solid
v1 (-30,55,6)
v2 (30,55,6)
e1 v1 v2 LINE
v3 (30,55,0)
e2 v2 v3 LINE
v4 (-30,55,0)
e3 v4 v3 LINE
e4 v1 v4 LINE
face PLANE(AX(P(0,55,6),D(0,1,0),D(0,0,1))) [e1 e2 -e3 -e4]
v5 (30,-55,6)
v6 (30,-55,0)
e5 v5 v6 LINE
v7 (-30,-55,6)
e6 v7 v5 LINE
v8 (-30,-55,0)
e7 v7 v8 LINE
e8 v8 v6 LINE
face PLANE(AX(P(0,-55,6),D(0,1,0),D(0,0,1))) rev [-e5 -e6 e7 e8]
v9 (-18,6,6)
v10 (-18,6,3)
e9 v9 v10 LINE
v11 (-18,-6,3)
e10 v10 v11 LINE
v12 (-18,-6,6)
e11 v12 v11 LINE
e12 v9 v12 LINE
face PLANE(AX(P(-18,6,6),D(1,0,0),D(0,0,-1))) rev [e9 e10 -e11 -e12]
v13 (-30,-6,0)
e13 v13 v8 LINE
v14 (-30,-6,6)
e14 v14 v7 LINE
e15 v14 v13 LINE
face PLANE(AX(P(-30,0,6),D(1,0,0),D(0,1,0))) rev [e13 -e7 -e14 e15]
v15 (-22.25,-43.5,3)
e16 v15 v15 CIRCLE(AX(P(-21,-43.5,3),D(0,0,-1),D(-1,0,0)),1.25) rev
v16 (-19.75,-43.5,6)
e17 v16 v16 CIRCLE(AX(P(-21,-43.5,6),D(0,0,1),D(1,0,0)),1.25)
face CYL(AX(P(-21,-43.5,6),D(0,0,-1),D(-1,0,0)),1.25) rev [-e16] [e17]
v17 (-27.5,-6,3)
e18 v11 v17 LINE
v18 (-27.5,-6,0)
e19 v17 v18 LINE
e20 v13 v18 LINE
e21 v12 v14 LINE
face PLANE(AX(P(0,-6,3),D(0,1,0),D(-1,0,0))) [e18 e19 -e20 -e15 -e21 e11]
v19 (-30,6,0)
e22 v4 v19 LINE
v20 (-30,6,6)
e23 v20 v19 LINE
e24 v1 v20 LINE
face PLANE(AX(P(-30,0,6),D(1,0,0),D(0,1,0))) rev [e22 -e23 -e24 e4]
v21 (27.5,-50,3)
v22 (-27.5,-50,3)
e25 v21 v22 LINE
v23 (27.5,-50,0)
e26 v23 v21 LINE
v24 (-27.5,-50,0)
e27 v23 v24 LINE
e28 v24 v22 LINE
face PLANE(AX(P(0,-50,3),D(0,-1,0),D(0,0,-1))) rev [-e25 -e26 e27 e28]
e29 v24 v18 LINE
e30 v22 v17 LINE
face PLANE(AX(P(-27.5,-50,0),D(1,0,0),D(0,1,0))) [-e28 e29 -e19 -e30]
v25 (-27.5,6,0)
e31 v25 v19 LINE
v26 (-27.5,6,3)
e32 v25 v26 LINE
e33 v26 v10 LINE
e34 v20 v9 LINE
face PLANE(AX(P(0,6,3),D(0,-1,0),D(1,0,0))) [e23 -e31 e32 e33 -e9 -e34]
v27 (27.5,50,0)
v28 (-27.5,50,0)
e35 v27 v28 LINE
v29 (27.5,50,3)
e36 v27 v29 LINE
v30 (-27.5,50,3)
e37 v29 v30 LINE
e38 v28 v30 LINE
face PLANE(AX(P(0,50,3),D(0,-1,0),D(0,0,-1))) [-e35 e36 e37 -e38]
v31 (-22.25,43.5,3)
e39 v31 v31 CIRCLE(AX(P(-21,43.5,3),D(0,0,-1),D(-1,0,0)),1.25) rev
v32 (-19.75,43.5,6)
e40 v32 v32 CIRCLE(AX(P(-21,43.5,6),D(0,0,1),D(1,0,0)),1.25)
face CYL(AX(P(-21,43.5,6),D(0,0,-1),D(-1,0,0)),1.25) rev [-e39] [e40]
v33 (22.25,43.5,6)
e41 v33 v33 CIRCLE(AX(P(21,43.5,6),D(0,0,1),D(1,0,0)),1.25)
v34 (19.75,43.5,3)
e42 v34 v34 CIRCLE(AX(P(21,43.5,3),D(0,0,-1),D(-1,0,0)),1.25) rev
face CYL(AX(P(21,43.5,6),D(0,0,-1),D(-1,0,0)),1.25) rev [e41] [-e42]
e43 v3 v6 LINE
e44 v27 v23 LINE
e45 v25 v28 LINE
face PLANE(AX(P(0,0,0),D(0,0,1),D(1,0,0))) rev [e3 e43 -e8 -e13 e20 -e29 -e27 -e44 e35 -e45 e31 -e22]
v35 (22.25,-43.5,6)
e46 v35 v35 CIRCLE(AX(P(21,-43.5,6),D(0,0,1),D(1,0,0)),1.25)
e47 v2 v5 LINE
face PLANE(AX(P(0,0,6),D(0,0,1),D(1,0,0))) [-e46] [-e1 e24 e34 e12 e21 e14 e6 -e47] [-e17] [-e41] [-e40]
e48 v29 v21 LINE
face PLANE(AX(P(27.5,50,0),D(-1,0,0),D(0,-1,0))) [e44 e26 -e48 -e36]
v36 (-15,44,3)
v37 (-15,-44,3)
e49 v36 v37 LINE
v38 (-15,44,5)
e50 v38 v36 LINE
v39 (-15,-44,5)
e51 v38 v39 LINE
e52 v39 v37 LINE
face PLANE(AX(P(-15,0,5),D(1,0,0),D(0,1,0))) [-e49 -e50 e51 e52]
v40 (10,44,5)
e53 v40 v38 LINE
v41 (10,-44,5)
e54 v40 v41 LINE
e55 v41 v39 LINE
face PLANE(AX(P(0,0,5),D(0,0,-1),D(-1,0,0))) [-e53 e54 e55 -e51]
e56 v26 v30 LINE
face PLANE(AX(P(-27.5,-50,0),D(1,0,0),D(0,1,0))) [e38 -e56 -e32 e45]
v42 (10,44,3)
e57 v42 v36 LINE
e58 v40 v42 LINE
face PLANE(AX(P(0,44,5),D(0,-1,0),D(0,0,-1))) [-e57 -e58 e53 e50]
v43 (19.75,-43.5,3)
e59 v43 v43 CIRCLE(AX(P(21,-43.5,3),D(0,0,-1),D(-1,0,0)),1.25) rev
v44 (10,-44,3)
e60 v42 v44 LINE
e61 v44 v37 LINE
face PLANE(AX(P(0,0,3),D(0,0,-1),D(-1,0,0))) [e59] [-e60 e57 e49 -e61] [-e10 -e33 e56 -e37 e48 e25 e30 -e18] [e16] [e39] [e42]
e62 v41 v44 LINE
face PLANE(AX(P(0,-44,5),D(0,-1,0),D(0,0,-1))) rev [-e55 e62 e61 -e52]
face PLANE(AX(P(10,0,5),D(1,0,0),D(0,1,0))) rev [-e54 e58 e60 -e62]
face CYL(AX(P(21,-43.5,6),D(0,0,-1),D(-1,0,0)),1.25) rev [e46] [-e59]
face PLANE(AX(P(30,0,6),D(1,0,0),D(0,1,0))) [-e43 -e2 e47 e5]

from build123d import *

# Parameters (mm, degrees)
SKETCH_1_W          = 60
SKETCH_1_H          = 110
SKETCH_1_W_2        = 50
SKETCH_1_H_2        = 100
SKETCH_1_R          = 1.25
EXTRUDE_1_DEPTH     = 6
SKETCH_3_W          = 5
SKETCH_3_H          = 12
SKETCH_3_W_2        = 50
SKETCH_3_H_2        = 100
SKETCH_3_R          = 1.25
CUT_EXTRUDE_2_DEPTH = 3
SKETCH_4_W          = 25
SKETCH_4_H          = 88
CUT_EXTRUDE_3_DEPTH = 2
SKETCH_5_W          = 12
SKETCH_5_H          = 12
CUT_EXTRUDE_4_DEPTH = 63.721607122
SKETCH_6_W          = 55
SKETCH_6_H          = 100
CUT_EXTRUDE_5_DEPTH = 63.721607122


with BuildPart() as part:
    # 草图1 → 凸台-拉伸1 (new body)
    # profile 1 of 2: a face of its own
    with BuildSketch(Plane.XY):
        Rectangle(SKETCH_1_W, SKETCH_1_H)
        Rectangle(SKETCH_1_W_2, SKETCH_1_H_2, mode=Mode.SUBTRACT)
    # profile 2 of 2: a face of its own
    with BuildSketch(Plane.XY):
        Rectangle(SKETCH_1_W_2, SKETCH_1_H_2)
        with Locations((21, -43.5)):
            Circle(SKETCH_1_R, mode=Mode.SUBTRACT)
        with Locations((-21, -43.5)):
            Circle(SKETCH_1_R, mode=Mode.SUBTRACT)
        with Locations((21, 43.5)):
            Circle(SKETCH_1_R, mode=Mode.SUBTRACT)
        with Locations((-21, 43.5)):
            Circle(SKETCH_1_R, mode=Mode.SUBTRACT)
    extrude(amount=EXTRUDE_1_DEPTH)

    # 草图3 → 切除-拉伸2 (cut)
    # profile 1 of 2: a face of its own
    with BuildSketch(Plane(origin=(0, 0, 0), x_dir=(-1, 0, 0), z_dir=(0, 0, -1))):
        with Locations((27.5, 0)):
            Rectangle(SKETCH_3_W, SKETCH_3_H)
    # profile 2 of 2: a face of its own
    with BuildSketch(Plane(origin=(0, 0, 0), x_dir=(-1, 0, 0), z_dir=(0, 0, -1))):
        Rectangle(SKETCH_3_W_2, SKETCH_3_H_2)
        with Locations((21, -43.5)):
            Circle(SKETCH_3_R, mode=Mode.SUBTRACT)
        with Locations((21, 43.5)):
            Circle(SKETCH_3_R, mode=Mode.SUBTRACT)
        with Locations((-21, 43.5)):
            Circle(SKETCH_3_R, mode=Mode.SUBTRACT)
        with Locations((-21, -43.5)):
            Circle(SKETCH_3_R, mode=Mode.SUBTRACT)
    extrude(amount=-CUT_EXTRUDE_2_DEPTH, mode=Mode.SUBTRACT)

    # 草图4 → 切除-拉伸3 (cut)
    with BuildSketch(Plane(origin=(0, 0, 3), x_dir=(-1, 0, 0), z_dir=(0, 0, -1))):
        with Locations((2.5, 0)):
            Rectangle(SKETCH_4_W, SKETCH_4_H)
    extrude(amount=-CUT_EXTRUDE_3_DEPTH, mode=Mode.SUBTRACT)

    # 草图5 → 切除-拉伸4 (cut, through all)
    with BuildSketch(Plane(origin=(0, 0, 3), x_dir=(-1, 0, 0), z_dir=(0, 0, -1))):
        with Locations((24, 0)):
            Rectangle(SKETCH_5_W, SKETCH_5_H)
    extrude(amount=-CUT_EXTRUDE_4_DEPTH, mode=Mode.SUBTRACT)

    # 草图6 → 切除-拉伸5 (cut, through all)
    with BuildSketch(Plane(origin=(0, 0, 3), x_dir=(-1, 0, 0), z_dir=(0, 0, -1))):
        Rectangle(SKETCH_6_W, SKETCH_6_H)
    extrude(amount=CUT_EXTRUDE_5_DEPTH, mode=Mode.SUBTRACT)


solid = part.part
